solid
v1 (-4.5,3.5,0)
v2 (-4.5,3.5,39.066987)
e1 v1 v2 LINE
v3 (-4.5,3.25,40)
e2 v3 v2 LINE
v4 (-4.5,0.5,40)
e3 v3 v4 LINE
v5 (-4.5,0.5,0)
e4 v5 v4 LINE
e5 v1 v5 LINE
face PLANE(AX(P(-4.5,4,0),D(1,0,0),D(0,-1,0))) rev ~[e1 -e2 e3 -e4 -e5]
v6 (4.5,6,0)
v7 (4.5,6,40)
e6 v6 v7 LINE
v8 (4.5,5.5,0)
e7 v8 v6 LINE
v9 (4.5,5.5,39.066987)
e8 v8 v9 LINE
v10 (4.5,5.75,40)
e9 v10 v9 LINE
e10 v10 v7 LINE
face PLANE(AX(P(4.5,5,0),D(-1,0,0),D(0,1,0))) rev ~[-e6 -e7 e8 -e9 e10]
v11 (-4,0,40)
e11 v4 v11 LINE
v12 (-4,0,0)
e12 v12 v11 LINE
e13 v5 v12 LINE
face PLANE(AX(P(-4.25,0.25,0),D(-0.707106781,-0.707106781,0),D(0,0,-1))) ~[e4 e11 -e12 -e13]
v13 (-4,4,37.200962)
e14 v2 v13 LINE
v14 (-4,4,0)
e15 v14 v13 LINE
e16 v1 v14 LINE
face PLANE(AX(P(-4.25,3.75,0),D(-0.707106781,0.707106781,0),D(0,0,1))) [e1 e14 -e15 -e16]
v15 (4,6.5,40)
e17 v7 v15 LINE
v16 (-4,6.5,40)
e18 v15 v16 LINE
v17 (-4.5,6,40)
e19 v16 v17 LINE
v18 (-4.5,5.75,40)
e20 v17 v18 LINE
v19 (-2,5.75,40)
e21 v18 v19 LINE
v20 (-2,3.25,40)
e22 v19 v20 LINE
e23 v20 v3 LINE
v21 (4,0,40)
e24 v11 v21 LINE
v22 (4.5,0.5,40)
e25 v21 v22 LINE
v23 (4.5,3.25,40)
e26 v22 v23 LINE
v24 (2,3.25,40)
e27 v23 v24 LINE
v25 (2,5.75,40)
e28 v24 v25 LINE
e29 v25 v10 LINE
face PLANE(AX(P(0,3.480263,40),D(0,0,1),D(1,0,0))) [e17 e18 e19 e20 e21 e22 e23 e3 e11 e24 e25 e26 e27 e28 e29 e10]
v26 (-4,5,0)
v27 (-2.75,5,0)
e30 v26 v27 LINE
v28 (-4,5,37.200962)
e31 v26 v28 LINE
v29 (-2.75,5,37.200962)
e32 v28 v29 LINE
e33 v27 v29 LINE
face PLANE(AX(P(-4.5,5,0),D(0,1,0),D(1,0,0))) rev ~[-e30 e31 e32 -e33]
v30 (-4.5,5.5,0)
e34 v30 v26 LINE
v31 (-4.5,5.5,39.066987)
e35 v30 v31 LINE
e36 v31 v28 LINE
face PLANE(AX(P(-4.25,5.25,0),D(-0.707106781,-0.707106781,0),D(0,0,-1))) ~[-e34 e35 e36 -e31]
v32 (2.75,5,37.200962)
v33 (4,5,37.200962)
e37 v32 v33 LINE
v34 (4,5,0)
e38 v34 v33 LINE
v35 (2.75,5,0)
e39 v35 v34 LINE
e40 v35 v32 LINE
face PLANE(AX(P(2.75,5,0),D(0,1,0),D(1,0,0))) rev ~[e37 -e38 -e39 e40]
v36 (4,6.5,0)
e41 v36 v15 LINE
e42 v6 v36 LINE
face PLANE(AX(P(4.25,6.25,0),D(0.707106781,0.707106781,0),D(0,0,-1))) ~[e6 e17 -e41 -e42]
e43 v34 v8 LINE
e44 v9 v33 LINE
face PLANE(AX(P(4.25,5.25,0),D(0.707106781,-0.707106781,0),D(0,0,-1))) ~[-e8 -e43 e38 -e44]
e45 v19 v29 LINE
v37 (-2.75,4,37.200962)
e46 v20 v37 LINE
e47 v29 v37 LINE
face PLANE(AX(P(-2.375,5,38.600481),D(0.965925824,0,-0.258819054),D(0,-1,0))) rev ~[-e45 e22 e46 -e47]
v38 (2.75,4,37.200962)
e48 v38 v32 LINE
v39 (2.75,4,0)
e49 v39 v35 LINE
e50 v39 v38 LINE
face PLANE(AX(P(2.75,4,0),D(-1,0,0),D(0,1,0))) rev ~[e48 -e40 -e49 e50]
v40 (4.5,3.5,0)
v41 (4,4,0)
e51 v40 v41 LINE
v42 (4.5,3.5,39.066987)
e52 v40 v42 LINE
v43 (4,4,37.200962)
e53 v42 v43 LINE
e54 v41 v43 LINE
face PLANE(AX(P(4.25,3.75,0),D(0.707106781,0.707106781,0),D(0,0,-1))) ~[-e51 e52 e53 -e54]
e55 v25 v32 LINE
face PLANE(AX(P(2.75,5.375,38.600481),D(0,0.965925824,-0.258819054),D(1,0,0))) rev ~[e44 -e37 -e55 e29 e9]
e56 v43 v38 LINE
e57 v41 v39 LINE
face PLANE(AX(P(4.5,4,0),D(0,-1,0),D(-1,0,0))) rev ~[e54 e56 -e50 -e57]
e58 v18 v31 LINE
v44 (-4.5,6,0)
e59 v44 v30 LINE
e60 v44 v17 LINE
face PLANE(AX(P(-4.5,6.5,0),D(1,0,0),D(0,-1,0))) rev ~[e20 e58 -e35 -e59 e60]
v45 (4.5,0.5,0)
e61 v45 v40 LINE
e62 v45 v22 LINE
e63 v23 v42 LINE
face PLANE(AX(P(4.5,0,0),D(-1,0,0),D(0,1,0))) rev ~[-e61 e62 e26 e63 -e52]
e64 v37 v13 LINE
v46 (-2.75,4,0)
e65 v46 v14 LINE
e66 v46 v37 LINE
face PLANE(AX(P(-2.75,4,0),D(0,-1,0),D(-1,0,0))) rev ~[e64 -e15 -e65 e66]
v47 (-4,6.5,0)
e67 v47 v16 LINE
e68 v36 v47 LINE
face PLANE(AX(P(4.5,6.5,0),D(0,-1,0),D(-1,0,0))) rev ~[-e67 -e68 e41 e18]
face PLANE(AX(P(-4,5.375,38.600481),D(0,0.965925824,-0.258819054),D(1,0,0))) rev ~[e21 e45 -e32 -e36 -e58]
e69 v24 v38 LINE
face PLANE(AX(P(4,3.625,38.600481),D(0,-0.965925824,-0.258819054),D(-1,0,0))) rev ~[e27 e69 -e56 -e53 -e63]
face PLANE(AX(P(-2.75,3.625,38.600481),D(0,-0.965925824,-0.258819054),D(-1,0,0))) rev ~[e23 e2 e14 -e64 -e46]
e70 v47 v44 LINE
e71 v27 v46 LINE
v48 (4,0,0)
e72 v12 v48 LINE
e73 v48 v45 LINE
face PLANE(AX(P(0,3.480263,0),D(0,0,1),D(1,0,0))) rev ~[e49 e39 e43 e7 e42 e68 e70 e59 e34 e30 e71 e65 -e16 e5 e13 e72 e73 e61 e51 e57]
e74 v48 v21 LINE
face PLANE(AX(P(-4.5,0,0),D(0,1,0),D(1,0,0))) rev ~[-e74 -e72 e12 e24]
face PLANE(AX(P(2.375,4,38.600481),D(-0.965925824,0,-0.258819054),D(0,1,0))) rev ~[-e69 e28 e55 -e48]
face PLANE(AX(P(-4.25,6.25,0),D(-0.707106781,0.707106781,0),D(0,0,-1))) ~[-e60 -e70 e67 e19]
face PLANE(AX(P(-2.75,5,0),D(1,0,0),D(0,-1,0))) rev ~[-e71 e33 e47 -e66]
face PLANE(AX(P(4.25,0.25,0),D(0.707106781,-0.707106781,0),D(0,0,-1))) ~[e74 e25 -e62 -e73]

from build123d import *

# Parameters (mm, degrees)
F1_DEPTH = 40
F2_SIZE  = 0.5
F3_SIZE2 = 2.799038
F3_SIZE  = 0.75


with BuildPart() as f1:
    # F0 (on Top) → F1 (new body)
    with BuildSketch(Plane.XY):
        Polygon((-4.5, 4), (-4.5, 0), (4.5, 0), (4.5, 4), (2.75, 4), (2.75, 5), (4.5, 5), (4.5, 6.5), (-4.5, 6.5), (-4.5, 5), (-2.75, 5), (-2.75, 4), align=None)
    extrude(amount=F1_DEPTH)

    # F2
    f2_edges = [f1.edges().sort_by_distance(p)[0] for p in [
        (-4.5, 5, 20),
        (-4.5, 4, 20),
        (4.5, 4, 20),
        (4.5, 5, 20),
        (4.5, 6.5, 20),
        (4.5, 0, 20),
        (-4.5, 6.5, 20),
        (-4.5, 0, 20),
    ]]
    chamfer(f2_edges, length=F2_SIZE)

    # F3
    f3_edges = [f1.edges().sort_by_distance(p)[0] for p in [
        (-2.75, 4.5, 40),
        (2.75, 4.5, 40),
        (-3.375, 4, 40),
        (-3.375, 5, 40),
        (3.375, 5, 40),
        (3.375, 4, 40),
    ]]
    chamfer(f3_edges, length=F3_SIZE, length2=F3_SIZE2)


solid = f1.part
